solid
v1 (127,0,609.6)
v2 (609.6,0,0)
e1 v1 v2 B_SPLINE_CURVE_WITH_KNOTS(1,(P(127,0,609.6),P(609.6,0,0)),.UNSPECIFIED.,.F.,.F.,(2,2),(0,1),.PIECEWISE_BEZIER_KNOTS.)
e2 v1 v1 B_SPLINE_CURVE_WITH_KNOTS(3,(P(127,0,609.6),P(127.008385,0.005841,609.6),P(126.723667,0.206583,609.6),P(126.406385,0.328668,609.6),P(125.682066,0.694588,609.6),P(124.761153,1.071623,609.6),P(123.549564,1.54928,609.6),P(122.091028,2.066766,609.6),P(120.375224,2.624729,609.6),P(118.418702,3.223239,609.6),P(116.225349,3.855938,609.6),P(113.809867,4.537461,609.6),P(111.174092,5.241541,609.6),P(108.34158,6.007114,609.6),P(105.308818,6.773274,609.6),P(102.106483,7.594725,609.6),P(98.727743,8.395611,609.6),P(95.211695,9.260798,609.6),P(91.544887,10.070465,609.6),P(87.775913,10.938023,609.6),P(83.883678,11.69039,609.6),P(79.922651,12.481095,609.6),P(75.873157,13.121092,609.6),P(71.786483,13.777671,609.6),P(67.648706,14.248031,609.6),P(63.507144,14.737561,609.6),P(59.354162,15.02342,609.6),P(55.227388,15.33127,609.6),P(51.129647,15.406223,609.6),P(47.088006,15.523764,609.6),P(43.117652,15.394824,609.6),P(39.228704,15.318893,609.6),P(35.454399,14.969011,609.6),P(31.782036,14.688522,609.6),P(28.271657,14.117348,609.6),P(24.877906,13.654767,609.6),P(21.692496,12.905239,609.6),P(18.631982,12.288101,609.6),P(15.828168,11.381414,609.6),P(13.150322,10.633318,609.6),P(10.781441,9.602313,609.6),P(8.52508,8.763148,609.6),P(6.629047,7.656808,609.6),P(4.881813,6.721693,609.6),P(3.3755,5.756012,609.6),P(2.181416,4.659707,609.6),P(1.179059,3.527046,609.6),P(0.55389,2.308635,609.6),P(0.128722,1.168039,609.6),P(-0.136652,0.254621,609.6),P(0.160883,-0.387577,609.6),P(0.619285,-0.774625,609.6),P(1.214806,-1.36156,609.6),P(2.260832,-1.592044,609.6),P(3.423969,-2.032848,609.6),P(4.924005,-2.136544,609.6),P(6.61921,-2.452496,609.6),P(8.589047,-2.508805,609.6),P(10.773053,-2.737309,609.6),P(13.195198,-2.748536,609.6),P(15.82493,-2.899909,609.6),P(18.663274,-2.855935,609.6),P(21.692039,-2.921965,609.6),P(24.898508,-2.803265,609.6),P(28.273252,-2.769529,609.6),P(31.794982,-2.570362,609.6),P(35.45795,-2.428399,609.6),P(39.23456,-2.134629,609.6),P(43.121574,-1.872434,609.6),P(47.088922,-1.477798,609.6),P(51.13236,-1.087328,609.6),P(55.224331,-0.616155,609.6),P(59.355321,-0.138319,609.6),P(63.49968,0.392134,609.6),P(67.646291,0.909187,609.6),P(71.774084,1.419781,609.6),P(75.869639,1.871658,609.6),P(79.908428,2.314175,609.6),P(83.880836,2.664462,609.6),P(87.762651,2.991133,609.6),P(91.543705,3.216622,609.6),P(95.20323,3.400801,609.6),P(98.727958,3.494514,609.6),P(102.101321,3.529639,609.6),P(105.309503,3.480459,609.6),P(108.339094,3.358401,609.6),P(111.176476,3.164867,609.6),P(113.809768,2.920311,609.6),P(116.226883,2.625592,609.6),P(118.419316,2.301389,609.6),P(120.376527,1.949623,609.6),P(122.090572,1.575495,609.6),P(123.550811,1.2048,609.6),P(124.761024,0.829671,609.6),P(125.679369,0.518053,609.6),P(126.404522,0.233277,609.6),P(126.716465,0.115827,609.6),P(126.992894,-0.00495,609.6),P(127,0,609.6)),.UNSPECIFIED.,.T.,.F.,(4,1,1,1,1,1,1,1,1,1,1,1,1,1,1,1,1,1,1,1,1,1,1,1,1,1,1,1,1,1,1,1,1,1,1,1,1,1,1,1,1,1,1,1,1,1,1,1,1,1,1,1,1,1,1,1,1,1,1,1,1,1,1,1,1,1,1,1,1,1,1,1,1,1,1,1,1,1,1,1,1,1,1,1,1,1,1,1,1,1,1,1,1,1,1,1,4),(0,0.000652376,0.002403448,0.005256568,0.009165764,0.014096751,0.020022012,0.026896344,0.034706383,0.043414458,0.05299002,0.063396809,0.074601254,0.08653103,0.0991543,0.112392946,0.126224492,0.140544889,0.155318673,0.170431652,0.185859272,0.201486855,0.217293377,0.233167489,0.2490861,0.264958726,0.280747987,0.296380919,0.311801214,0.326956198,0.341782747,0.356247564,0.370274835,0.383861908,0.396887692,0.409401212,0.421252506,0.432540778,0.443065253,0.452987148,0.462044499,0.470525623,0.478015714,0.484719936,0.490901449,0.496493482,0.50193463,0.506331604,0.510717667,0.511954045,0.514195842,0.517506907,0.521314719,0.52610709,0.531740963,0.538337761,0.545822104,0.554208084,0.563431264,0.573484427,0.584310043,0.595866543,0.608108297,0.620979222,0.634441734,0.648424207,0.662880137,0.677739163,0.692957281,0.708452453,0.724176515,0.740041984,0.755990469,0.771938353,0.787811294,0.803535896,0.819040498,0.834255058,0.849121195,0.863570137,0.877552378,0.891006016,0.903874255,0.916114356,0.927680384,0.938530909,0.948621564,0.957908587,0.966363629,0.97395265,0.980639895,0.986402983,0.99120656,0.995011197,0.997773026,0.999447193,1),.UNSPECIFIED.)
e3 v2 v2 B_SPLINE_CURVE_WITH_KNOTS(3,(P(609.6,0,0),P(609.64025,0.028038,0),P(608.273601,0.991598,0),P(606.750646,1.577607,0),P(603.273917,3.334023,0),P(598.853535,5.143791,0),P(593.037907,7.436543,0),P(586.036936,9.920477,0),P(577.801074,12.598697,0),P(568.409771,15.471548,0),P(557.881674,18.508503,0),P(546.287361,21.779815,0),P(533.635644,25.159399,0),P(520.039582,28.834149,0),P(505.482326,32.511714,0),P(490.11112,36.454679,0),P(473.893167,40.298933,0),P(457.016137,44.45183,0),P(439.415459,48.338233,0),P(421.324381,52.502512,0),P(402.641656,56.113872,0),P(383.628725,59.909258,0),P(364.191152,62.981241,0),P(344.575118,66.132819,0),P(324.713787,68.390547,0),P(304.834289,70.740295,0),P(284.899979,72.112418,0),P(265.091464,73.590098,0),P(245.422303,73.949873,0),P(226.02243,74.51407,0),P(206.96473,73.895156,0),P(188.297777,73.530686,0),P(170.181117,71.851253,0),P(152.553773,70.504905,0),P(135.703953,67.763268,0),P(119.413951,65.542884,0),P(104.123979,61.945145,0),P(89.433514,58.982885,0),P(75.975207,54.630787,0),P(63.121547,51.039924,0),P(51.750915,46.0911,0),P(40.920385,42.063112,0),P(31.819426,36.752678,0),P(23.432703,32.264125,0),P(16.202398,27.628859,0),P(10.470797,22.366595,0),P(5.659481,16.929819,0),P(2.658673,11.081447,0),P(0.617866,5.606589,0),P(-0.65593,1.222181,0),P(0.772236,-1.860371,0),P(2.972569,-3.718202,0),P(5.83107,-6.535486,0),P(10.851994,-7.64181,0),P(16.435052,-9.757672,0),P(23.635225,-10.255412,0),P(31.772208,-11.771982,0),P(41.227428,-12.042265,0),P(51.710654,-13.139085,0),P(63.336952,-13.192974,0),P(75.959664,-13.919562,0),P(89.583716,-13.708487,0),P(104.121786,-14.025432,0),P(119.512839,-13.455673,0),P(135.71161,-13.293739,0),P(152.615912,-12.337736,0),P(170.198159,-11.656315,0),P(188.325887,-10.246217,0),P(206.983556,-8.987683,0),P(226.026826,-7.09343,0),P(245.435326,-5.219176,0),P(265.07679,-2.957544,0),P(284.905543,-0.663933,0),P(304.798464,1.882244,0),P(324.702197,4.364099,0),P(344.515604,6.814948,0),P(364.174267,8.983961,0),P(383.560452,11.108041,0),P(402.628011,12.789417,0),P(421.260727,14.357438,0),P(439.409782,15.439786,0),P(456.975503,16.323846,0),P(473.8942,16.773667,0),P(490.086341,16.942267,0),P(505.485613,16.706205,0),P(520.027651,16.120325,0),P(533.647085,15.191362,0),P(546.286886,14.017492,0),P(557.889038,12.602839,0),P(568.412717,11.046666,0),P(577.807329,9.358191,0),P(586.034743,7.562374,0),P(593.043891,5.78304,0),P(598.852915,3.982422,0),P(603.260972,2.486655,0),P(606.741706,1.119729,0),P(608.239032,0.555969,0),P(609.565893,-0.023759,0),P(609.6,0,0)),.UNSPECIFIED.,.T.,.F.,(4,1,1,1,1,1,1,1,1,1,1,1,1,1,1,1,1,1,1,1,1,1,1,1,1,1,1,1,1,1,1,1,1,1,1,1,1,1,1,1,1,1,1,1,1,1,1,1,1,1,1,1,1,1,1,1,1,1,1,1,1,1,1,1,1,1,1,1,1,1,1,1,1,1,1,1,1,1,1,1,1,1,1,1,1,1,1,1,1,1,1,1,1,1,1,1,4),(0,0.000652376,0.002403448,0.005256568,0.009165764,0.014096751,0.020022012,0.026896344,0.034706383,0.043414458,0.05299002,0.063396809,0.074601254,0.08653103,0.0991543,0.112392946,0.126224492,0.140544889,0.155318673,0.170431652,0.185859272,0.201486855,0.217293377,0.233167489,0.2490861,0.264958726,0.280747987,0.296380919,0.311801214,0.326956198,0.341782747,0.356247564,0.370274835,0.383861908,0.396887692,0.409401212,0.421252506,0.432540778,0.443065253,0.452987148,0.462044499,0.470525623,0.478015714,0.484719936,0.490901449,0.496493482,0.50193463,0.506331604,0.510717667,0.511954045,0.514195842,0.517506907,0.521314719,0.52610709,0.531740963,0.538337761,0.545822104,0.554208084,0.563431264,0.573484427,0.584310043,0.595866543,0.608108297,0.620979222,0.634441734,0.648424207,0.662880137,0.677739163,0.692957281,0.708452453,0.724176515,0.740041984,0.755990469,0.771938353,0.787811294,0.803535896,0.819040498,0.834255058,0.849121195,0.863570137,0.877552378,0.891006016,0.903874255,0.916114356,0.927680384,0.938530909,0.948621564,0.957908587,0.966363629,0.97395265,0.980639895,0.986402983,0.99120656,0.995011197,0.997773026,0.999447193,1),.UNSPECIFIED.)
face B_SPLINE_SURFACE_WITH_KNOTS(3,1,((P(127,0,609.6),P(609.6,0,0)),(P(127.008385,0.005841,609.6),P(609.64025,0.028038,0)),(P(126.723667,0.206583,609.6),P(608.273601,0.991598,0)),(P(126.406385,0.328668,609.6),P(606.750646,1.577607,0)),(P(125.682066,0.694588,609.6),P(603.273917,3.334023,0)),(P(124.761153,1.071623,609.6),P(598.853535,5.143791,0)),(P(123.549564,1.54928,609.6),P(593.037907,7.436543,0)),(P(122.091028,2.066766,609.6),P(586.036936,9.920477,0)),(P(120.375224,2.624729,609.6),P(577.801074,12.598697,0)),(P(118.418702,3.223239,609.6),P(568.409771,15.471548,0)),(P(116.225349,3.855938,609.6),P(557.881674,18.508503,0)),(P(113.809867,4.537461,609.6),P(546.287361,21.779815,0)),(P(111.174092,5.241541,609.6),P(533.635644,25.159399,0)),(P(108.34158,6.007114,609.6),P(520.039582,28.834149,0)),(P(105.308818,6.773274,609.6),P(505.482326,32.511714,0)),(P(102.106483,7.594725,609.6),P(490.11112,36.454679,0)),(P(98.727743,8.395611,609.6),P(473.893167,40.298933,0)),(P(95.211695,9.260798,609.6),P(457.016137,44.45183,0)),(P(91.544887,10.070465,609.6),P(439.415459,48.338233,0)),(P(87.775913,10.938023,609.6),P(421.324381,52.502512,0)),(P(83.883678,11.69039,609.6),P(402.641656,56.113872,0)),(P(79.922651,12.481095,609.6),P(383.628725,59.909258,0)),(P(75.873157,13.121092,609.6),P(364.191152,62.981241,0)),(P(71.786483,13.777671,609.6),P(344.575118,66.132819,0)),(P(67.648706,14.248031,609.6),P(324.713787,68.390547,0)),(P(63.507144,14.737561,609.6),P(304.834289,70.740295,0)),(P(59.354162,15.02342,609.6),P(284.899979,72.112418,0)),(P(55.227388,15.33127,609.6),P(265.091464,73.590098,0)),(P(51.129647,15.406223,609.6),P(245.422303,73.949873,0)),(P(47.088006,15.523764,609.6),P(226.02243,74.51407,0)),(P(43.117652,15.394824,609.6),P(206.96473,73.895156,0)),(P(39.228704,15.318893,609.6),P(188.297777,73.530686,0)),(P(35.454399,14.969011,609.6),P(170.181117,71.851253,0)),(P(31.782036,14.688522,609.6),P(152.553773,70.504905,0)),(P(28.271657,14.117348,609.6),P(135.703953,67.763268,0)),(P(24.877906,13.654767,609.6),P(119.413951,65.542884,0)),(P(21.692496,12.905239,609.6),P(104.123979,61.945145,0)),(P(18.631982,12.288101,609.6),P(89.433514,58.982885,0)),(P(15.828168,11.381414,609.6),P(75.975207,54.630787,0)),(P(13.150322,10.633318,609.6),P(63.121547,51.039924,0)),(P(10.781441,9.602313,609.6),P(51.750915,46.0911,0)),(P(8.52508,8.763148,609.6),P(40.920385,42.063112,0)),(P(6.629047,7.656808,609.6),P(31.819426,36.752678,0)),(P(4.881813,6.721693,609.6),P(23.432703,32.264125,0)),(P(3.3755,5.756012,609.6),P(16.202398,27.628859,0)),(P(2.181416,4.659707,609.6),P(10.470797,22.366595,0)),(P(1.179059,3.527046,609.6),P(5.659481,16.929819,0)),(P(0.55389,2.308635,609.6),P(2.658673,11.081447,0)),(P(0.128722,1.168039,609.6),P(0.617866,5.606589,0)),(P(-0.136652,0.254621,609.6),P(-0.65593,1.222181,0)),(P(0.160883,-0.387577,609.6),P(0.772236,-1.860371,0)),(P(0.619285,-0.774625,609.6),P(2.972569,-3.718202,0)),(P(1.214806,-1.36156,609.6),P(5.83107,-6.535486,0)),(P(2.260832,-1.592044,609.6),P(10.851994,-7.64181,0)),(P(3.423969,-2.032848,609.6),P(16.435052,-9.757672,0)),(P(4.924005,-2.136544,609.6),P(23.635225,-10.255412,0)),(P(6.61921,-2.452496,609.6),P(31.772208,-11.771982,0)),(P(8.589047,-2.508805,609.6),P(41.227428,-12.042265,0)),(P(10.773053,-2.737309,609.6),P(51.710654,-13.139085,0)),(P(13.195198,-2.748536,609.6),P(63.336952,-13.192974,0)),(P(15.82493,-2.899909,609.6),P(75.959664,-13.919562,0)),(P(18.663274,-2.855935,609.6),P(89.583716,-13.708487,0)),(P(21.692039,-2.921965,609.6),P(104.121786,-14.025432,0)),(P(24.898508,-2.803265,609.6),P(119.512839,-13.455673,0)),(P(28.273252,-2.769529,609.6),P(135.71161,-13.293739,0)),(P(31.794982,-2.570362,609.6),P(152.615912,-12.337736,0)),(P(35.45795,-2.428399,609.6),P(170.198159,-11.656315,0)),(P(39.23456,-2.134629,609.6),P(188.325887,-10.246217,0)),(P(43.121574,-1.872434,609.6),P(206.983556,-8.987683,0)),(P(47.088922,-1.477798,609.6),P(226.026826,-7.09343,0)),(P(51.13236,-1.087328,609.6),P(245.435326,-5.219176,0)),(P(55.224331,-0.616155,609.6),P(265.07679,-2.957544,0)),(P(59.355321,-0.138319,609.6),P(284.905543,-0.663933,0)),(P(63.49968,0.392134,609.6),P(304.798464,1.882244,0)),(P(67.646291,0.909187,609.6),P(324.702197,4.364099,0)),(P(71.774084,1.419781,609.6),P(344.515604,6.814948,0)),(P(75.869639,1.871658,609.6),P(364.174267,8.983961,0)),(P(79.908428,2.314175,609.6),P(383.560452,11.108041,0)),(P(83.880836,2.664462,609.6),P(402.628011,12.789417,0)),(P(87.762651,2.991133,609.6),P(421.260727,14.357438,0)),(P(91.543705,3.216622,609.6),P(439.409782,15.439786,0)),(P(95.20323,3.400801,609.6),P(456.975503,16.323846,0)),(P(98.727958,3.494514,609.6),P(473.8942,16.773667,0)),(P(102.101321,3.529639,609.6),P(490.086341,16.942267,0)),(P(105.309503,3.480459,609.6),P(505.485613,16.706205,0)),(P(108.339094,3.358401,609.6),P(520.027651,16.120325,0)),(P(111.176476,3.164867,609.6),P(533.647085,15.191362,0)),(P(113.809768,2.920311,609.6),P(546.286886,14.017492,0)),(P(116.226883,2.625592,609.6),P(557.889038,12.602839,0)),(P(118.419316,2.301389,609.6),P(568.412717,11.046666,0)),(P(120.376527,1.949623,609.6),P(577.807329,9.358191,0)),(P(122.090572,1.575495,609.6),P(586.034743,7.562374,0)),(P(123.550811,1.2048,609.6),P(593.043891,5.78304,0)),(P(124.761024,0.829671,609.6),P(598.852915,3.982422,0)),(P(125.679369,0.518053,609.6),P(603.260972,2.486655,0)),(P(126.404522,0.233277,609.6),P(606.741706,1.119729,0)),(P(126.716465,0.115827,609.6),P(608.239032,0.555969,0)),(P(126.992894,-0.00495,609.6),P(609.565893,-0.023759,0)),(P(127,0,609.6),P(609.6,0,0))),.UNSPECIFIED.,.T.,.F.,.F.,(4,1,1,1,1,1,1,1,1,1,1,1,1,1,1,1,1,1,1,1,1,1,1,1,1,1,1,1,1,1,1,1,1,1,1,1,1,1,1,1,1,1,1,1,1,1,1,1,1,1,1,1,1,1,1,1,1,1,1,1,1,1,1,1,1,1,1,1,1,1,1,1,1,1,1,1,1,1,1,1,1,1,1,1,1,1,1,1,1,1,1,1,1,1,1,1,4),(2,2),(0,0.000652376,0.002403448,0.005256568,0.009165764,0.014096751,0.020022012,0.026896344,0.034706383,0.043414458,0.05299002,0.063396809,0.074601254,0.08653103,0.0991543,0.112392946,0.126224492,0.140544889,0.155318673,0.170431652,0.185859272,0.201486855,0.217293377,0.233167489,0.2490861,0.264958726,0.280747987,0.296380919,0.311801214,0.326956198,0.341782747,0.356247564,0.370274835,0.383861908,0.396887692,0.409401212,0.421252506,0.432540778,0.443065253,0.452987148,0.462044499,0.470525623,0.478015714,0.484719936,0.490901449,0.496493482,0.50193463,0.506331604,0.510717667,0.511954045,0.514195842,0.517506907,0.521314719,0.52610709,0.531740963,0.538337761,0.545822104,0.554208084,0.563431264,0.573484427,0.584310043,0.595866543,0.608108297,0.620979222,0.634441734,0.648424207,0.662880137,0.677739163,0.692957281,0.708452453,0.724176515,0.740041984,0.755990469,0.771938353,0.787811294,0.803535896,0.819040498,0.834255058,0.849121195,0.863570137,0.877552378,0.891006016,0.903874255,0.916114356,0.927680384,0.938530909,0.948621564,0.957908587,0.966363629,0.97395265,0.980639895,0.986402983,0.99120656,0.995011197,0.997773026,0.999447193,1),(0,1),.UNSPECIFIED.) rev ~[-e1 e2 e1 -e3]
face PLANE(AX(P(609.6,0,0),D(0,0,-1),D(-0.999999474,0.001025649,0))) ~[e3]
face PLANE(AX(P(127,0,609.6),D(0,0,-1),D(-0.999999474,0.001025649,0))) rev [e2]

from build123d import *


with BuildPart() as part:
    # Sketch3 → Loft3 section 0
    with BuildSketch(Plane.XY.offset(609.6)):
        with BuildLine():
            add(Edge.make_bspline(
                [(127, 0), (127.008385463, 0.005841292), (126.723666865, 0.206582897), (126.406384528, 0.328668184), (125.682066076, 0.694588079), (124.761153143, 1.071623128), (123.549563855, 1.549279769), (122.091028247, 2.066766034), (120.375223664, 2.62472853), (118.418702265, 3.223239255), (116.225348748, 3.855938155), (113.809866978, 4.53746142), (111.174092463, 5.241541387), (108.341579659, 6.007114443), (105.30881797, 6.773273733), (102.106483308, 7.594724849), (98.727743031, 8.395611076), (95.211695143, 9.26079801), (91.544887389, 10.070465284), (87.775912626, 10.938023296), (83.88367825, 11.690389983), (79.922651144, 12.481095475), (75.873156688, 13.121091974), (71.786482947, 13.777670621), (67.648705571, 14.248030521), (63.507143604, 14.737561423), (59.354162387, 15.023420468), (55.227388259, 15.331270476), (51.129646559, 15.406223496), (47.088006253, 15.523764486), (43.117651981, 15.394824109), (39.228703562, 15.318892875), (35.454399305, 14.969010998), (31.782035971, 14.688521966), (28.271656778, 14.117347518), (24.877906369, 13.654767418), (21.692495547, 12.905238537), (18.631982089, 12.288100971), (15.828168063, 11.38141386), (13.150322202, 10.633317541), (10.781440664, 9.602312519), (8.525080195, 8.763148363), (6.629047063, 7.656807873), (4.881813105, 6.721692788), (3.375499525, 5.756012314), (2.181416058, 4.659707279), (1.179058544, 3.527045608), (0.553890225, 2.308634752), (0.12872203, 1.168039421), (-0.136652078, 0.254621132), (0.160882532, -0.387577318), (0.6192852, -0.774625345), (1.214806156, -1.361559673), (2.260832046, -1.592043723), (3.423969262, -2.03284824), (4.924005217, -2.136544158), (6.619209946, -2.45249634), (8.589047417, -2.508805216), (10.773052981, -2.737309293), (13.195198406, -2.748536296), (15.824930054, -2.899908854), (18.663274253, -2.855934831), (21.692038707, -2.921964916), (24.898508169, -2.803265145), (28.273252052, -2.769528916), (31.794981755, -2.570361587), (35.457949743, -2.428398934), (39.234559739, -2.134628541), (43.121574077, -1.87243392), (47.088922142, -1.477797962), (51.132359583, -1.087328359), (55.224331255, -0.616155004), (59.355321416, -0.138319305), (63.49968008, 0.39213415), (67.646291005, 0.909187371), (71.774084121, 1.419780893), (75.869638942, 1.871658452), (79.908427545, 2.314175172), (83.880835672, 2.664461948), (87.762651458, 2.99113298), (91.543704554, 3.21662207), (95.203229858, 3.400801258), (98.727958424, 3.494513971), (102.101320971, 3.529638998), (105.309502605, 3.480459397), (108.339093939, 3.358400971), (111.176476125, 3.164867119), (113.809767991, 2.920310789), (116.226882918, 2.625591537), (118.419316025, 2.301388806), (120.376526883, 1.949623214), (122.090571552, 1.575494592), (123.550810605, 1.204799951), (124.761023928, 0.829671152), (125.679369155, 0.518053223), (126.404522168, 0.233276877), (126.716465034, 0.115826887), (126.992894374, -0.004949761), (127, 0)],
                knots=[0, 0, 0, 0, 0.000652376, 0.002403448, 0.005256568, 0.009165764, 0.014096751, 0.020022012, 0.026896344, 0.034706383, 0.043414458, 0.05299002, 0.063396809, 0.074601254, 0.08653103, 0.0991543, 0.112392946, 0.126224492, 0.140544889, 0.155318673, 0.170431652, 0.185859272, 0.201486855, 0.217293377, 0.233167489, 0.2490861, 0.264958726, 0.280747987, 0.296380919, 0.311801214, 0.326956198, 0.341782747, 0.356247564, 0.370274835, 0.383861908, 0.396887692, 0.409401212, 0.421252506, 0.432540778, 0.443065253, 0.452987148, 0.462044499, 0.470525623, 0.478015714, 0.484719936, 0.490901449, 0.496493482, 0.50193463, 0.506331604, 0.510717667, 0.511954045, 0.514195842, 0.517506907, 0.521314719, 0.52610709, 0.531740963, 0.538337761, 0.545822104, 0.554208084, 0.563431264, 0.573484427, 0.584310043, 0.595866543, 0.608108297, 0.620979222, 0.634441734, 0.648424207, 0.662880137, 0.677739163, 0.692957281, 0.708452453, 0.724176515, 0.740041984, 0.755990469, 0.771938353, 0.787811294, 0.803535896, 0.819040498, 0.834255058, 0.849121195, 0.863570137, 0.877552378, 0.891006016, 0.903874255, 0.916114356, 0.927680384, 0.938530909, 0.948621564, 0.957908587, 0.966363629, 0.97395265, 0.980639895, 0.986402983, 0.99120656, 0.995011197, 0.997773026, 0.999447193, 1, 1, 1, 1], degree=3))
        make_face()
    # Sketch2 → Loft3 section 1
    with BuildSketch(Plane.XY):
        with BuildLine():
            add(Edge.make_bspline(
                [(609.6, 0), (609.64025022, 0.028038202), (608.27360095, 0.991597906), (606.750645736, 1.577607284), (603.273917166, 3.33402278), (598.853535085, 5.143791016), (593.037906504, 7.436542889), (586.036935584, 9.920476962), (577.801073588, 12.598696943), (568.409770871, 15.471548426), (557.881673991, 18.508503146), (546.287361495, 21.779814815), (533.635643822, 25.159398656), (520.039582361, 28.834149325), (505.482326254, 32.511713919), (490.111119878, 36.454679274), (473.893166546, 40.298933164), (457.016136687, 44.451830448), (439.415459466, 48.338233361), (421.324380604, 52.502511819), (402.641655599, 56.11387192), (383.628725492, 59.909258281), (364.191152104, 62.981241474), (344.575118146, 66.13281898), (324.713786741, 68.390546501), (304.834289299, 70.74029483), (284.89997946, 72.112418245), (265.091463645, 73.590098287), (245.422303484, 73.94987278), (226.022430015, 74.514069534), (206.96472951, 73.895155723), (188.2977771, 73.530685801), (170.181116666, 71.851252791), (152.553772662, 70.504905437), (135.703952536, 67.763268085), (119.413950571, 65.542883604), (104.123978624, 61.945144978), (89.433514029, 58.982884662), (75.9752067, 54.630786526), (63.121546572, 51.039924197), (51.750915187, 46.091100089), (40.920384935, 42.063112144), (31.819425901, 36.752677792), (23.432702905, 32.264125384), (16.202397719, 27.628859105), (10.47079708, 22.366594941), (5.65948101, 16.92981892), (2.658673081, 11.081446807), (0.617865742, 5.606589221), (-0.655929974, 1.222181434), (0.772236155, -1.860371124), (2.97256896, -3.718201658), (5.83106955, -6.53548643), (10.851993819, -7.64180987), (16.435052459, -9.757671552), (23.635225041, -10.255411959), (31.77220774, -11.771982431), (41.227427603, -12.042265038), (51.710654307, -13.139084609), (63.33695235, -13.192974221), (75.95966426, -13.919562498), (89.583716416, -13.708487191), (104.121785795, -14.025431596), (119.512839209, -13.455672695), (135.711609851, -13.293738795), (152.615912423, -12.337735618), (170.198158768, -11.656314885), (188.325886746, -10.246216997), (206.983555568, -8.987682815), (226.02682628, -7.09343022), (245.435325998, -5.219176123), (265.076790022, -2.957544021), (284.905542795, -0.663932666), (304.798464385, 1.882243922), (324.702196826, 4.364099382), (344.515603782, 6.814948289), (364.174266922, 8.983960569), (383.560452216, 11.108040824), (402.628011226, 12.789417349), (421.260726998, 14.357438305), (439.40978186, 15.439785937), (456.975503321, 16.323846039), (473.894200434, 16.773667059), (490.086340663, 16.942267189), (505.485612504, 16.706205108), (520.027650906, 16.120324662), (533.647085398, 15.191362173), (546.286886358, 14.017491789), (557.889038007, 12.602839379), (568.412716918, 11.04666627), (577.807329037, 9.358191426), (586.034743448, 7.562374043), (593.043890906, 5.783039767), (598.852914856, 3.982421528), (603.260971943, 2.486655471), (606.741706407, 1.119729008), (608.239032164, 0.555969058), (609.565892997, -0.023758853), (609.6, 0)],
                knots=[0, 0, 0, 0, 0.000652376, 0.002403448, 0.005256568, 0.009165764, 0.014096751, 0.020022012, 0.026896344, 0.034706383, 0.043414458, 0.05299002, 0.063396809, 0.074601254, 0.08653103, 0.0991543, 0.112392946, 0.126224492, 0.140544889, 0.155318673, 0.170431652, 0.185859272, 0.201486855, 0.217293377, 0.233167489, 0.2490861, 0.264958726, 0.280747987, 0.296380919, 0.311801214, 0.326956198, 0.341782747, 0.356247564, 0.370274835, 0.383861908, 0.396887692, 0.409401212, 0.421252506, 0.432540778, 0.443065253, 0.452987148, 0.462044499, 0.470525623, 0.478015714, 0.484719936, 0.490901449, 0.496493482, 0.50193463, 0.506331604, 0.510717667, 0.511954045, 0.514195842, 0.517506907, 0.521314719, 0.52610709, 0.531740963, 0.538337761, 0.545822104, 0.554208084, 0.563431264, 0.573484427, 0.584310043, 0.595866543, 0.608108297, 0.620979222, 0.634441734, 0.648424207, 0.662880137, 0.677739163, 0.692957281, 0.708452453, 0.724176515, 0.740041984, 0.755990469, 0.771938353, 0.787811294, 0.803535896, 0.819040498, 0.834255058, 0.849121195, 0.863570137, 0.877552378, 0.891006016, 0.903874255, 0.916114356, 0.927680384, 0.938530909, 0.948621564, 0.957908587, 0.966363629, 0.97395265, 0.980639895, 0.986402983, 0.99120656, 0.995011197, 0.997773026, 0.999447193, 1, 1, 1, 1], degree=3))
        make_face()
    loft()


solid = part.part
